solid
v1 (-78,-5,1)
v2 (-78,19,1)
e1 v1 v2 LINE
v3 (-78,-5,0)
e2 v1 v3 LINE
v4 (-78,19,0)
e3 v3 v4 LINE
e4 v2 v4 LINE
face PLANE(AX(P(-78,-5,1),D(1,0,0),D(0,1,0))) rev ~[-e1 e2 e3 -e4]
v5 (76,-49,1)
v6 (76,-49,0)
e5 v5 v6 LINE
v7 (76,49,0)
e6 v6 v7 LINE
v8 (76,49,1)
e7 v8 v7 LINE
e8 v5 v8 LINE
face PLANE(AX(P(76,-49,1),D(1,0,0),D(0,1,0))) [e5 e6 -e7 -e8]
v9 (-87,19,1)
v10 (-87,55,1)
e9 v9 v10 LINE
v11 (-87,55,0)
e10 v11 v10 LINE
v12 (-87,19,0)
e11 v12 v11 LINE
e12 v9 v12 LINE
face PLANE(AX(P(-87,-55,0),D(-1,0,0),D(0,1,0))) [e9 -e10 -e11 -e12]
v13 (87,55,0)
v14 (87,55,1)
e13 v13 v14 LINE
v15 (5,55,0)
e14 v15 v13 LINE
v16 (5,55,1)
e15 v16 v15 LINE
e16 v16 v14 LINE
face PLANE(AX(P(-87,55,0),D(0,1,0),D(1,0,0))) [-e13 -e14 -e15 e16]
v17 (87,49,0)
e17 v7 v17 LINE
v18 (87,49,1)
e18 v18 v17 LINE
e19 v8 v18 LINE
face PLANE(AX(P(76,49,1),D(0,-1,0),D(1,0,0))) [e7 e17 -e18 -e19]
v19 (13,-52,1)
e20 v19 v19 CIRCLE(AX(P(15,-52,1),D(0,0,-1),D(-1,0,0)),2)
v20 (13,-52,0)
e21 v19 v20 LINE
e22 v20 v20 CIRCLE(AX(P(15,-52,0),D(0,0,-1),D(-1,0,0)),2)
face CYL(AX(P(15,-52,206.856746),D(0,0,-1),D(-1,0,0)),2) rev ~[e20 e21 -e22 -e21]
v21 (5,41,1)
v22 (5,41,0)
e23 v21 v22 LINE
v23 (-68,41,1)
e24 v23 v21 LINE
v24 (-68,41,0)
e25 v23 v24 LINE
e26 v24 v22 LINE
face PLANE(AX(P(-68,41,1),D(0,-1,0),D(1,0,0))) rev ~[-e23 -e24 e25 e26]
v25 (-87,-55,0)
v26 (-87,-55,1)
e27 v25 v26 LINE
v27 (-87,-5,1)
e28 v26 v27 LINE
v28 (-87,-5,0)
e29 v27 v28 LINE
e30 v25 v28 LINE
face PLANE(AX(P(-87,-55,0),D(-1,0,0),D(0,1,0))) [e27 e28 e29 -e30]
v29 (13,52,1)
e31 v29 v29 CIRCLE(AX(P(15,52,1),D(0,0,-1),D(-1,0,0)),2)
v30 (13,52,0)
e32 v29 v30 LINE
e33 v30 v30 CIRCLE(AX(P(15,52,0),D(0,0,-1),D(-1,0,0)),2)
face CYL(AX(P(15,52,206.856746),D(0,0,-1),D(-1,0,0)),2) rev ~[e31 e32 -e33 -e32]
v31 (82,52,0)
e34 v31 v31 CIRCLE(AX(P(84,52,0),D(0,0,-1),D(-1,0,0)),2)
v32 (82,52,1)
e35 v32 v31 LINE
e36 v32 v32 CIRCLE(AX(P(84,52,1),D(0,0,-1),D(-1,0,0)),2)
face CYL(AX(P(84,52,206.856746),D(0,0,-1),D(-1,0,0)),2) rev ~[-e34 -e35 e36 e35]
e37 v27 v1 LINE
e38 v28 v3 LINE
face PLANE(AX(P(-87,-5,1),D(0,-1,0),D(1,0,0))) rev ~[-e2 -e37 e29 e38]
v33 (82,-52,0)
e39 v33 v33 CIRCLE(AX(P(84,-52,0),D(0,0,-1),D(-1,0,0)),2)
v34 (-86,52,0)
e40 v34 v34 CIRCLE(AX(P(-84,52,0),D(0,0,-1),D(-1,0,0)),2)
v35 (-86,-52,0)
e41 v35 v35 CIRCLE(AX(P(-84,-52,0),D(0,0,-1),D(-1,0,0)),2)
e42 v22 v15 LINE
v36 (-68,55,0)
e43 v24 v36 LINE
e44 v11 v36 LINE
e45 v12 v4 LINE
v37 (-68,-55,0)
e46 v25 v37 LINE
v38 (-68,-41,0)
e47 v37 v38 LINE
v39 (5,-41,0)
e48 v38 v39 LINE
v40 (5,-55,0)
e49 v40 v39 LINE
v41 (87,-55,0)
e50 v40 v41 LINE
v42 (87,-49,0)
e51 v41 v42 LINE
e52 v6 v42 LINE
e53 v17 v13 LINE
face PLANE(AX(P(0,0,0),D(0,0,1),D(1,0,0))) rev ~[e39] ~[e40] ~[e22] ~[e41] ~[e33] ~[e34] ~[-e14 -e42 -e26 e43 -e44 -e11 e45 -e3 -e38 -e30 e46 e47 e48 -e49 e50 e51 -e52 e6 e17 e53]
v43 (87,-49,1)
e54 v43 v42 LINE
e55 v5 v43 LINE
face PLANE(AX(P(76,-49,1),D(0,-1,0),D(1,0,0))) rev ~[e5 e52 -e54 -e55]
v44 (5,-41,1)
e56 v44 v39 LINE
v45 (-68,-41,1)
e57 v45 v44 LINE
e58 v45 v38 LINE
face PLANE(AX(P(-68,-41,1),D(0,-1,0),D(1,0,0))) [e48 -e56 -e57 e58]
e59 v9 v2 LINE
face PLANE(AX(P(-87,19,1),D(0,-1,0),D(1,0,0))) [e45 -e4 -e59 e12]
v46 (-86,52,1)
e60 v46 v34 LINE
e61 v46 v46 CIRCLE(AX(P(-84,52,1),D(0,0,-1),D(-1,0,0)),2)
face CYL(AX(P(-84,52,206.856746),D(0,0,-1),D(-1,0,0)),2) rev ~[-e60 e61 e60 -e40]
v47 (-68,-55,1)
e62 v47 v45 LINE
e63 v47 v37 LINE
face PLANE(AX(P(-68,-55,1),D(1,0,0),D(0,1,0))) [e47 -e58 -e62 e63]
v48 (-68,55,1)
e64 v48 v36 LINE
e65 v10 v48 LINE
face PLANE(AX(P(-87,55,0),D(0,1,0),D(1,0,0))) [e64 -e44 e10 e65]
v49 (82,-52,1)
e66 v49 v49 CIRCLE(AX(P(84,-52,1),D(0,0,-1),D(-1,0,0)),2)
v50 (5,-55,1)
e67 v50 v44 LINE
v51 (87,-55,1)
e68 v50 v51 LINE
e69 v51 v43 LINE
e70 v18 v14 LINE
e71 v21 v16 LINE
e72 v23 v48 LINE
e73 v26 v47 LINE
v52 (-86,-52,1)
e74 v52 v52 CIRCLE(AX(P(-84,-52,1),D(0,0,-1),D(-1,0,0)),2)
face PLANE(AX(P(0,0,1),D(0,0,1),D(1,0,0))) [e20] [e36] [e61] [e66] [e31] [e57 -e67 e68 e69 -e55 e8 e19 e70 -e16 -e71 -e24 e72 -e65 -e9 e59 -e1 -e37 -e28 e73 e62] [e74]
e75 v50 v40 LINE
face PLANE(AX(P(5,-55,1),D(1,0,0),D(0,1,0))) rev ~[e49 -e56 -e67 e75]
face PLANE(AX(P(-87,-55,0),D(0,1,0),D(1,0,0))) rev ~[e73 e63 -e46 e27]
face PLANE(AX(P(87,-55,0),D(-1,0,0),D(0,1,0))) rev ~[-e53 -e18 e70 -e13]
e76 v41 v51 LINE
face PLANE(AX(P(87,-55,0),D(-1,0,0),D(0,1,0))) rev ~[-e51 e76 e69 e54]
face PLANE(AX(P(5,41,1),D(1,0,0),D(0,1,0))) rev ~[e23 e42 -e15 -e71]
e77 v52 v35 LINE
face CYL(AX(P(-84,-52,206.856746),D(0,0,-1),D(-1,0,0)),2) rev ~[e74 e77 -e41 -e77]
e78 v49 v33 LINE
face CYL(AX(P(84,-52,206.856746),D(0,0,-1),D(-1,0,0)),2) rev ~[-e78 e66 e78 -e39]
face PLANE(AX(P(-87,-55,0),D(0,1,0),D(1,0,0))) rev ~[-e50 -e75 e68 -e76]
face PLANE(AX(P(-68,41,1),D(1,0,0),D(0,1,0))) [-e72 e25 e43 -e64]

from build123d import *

# Parameters (mm, degrees)
F1_W     = 174
F1_H     = 110
F2_DEPTH = 1
F3_W     = 73
F3_H     = 14
F3_W_2   = 9
F3_H_2   = 24
F3_W_3   = 11
F3_H_3   = 98
F4_DEPTH = 25
F6_D     = 4


with BuildPart() as f2:
    # F1 (on Top) → F2 (new body)
    with BuildSketch(Plane.XY):
        Rectangle(F1_W, F1_H)
    extrude(amount=F2_DEPTH)

    # F3 (on face) → F4 (cut)
    with BuildSketch(Plane.XY.offset(1)):
        with Locations((-31.5, 48)):
            Rectangle(F3_W, F3_H)
        with Locations((-31.5, -48)):
            Rectangle(F3_W, F3_H)
        with Locations((-82.5, 7)):
            Rectangle(F3_W_2, F3_H_2)
        with Locations((81.5, 0)):
            Rectangle(F3_W_3, F3_H_3)
    extrude(amount=-F4_DEPTH, mode=Mode.SUBTRACT)

    # F6 (through all)
    with Locations(Plane.XY.offset(1)):
        with Locations((-84, 52), (15, -52), (15, 52), (84, 52), (84, -52), (-84, -52)):
            Hole(F6_D / 2)


solid = f2.part
